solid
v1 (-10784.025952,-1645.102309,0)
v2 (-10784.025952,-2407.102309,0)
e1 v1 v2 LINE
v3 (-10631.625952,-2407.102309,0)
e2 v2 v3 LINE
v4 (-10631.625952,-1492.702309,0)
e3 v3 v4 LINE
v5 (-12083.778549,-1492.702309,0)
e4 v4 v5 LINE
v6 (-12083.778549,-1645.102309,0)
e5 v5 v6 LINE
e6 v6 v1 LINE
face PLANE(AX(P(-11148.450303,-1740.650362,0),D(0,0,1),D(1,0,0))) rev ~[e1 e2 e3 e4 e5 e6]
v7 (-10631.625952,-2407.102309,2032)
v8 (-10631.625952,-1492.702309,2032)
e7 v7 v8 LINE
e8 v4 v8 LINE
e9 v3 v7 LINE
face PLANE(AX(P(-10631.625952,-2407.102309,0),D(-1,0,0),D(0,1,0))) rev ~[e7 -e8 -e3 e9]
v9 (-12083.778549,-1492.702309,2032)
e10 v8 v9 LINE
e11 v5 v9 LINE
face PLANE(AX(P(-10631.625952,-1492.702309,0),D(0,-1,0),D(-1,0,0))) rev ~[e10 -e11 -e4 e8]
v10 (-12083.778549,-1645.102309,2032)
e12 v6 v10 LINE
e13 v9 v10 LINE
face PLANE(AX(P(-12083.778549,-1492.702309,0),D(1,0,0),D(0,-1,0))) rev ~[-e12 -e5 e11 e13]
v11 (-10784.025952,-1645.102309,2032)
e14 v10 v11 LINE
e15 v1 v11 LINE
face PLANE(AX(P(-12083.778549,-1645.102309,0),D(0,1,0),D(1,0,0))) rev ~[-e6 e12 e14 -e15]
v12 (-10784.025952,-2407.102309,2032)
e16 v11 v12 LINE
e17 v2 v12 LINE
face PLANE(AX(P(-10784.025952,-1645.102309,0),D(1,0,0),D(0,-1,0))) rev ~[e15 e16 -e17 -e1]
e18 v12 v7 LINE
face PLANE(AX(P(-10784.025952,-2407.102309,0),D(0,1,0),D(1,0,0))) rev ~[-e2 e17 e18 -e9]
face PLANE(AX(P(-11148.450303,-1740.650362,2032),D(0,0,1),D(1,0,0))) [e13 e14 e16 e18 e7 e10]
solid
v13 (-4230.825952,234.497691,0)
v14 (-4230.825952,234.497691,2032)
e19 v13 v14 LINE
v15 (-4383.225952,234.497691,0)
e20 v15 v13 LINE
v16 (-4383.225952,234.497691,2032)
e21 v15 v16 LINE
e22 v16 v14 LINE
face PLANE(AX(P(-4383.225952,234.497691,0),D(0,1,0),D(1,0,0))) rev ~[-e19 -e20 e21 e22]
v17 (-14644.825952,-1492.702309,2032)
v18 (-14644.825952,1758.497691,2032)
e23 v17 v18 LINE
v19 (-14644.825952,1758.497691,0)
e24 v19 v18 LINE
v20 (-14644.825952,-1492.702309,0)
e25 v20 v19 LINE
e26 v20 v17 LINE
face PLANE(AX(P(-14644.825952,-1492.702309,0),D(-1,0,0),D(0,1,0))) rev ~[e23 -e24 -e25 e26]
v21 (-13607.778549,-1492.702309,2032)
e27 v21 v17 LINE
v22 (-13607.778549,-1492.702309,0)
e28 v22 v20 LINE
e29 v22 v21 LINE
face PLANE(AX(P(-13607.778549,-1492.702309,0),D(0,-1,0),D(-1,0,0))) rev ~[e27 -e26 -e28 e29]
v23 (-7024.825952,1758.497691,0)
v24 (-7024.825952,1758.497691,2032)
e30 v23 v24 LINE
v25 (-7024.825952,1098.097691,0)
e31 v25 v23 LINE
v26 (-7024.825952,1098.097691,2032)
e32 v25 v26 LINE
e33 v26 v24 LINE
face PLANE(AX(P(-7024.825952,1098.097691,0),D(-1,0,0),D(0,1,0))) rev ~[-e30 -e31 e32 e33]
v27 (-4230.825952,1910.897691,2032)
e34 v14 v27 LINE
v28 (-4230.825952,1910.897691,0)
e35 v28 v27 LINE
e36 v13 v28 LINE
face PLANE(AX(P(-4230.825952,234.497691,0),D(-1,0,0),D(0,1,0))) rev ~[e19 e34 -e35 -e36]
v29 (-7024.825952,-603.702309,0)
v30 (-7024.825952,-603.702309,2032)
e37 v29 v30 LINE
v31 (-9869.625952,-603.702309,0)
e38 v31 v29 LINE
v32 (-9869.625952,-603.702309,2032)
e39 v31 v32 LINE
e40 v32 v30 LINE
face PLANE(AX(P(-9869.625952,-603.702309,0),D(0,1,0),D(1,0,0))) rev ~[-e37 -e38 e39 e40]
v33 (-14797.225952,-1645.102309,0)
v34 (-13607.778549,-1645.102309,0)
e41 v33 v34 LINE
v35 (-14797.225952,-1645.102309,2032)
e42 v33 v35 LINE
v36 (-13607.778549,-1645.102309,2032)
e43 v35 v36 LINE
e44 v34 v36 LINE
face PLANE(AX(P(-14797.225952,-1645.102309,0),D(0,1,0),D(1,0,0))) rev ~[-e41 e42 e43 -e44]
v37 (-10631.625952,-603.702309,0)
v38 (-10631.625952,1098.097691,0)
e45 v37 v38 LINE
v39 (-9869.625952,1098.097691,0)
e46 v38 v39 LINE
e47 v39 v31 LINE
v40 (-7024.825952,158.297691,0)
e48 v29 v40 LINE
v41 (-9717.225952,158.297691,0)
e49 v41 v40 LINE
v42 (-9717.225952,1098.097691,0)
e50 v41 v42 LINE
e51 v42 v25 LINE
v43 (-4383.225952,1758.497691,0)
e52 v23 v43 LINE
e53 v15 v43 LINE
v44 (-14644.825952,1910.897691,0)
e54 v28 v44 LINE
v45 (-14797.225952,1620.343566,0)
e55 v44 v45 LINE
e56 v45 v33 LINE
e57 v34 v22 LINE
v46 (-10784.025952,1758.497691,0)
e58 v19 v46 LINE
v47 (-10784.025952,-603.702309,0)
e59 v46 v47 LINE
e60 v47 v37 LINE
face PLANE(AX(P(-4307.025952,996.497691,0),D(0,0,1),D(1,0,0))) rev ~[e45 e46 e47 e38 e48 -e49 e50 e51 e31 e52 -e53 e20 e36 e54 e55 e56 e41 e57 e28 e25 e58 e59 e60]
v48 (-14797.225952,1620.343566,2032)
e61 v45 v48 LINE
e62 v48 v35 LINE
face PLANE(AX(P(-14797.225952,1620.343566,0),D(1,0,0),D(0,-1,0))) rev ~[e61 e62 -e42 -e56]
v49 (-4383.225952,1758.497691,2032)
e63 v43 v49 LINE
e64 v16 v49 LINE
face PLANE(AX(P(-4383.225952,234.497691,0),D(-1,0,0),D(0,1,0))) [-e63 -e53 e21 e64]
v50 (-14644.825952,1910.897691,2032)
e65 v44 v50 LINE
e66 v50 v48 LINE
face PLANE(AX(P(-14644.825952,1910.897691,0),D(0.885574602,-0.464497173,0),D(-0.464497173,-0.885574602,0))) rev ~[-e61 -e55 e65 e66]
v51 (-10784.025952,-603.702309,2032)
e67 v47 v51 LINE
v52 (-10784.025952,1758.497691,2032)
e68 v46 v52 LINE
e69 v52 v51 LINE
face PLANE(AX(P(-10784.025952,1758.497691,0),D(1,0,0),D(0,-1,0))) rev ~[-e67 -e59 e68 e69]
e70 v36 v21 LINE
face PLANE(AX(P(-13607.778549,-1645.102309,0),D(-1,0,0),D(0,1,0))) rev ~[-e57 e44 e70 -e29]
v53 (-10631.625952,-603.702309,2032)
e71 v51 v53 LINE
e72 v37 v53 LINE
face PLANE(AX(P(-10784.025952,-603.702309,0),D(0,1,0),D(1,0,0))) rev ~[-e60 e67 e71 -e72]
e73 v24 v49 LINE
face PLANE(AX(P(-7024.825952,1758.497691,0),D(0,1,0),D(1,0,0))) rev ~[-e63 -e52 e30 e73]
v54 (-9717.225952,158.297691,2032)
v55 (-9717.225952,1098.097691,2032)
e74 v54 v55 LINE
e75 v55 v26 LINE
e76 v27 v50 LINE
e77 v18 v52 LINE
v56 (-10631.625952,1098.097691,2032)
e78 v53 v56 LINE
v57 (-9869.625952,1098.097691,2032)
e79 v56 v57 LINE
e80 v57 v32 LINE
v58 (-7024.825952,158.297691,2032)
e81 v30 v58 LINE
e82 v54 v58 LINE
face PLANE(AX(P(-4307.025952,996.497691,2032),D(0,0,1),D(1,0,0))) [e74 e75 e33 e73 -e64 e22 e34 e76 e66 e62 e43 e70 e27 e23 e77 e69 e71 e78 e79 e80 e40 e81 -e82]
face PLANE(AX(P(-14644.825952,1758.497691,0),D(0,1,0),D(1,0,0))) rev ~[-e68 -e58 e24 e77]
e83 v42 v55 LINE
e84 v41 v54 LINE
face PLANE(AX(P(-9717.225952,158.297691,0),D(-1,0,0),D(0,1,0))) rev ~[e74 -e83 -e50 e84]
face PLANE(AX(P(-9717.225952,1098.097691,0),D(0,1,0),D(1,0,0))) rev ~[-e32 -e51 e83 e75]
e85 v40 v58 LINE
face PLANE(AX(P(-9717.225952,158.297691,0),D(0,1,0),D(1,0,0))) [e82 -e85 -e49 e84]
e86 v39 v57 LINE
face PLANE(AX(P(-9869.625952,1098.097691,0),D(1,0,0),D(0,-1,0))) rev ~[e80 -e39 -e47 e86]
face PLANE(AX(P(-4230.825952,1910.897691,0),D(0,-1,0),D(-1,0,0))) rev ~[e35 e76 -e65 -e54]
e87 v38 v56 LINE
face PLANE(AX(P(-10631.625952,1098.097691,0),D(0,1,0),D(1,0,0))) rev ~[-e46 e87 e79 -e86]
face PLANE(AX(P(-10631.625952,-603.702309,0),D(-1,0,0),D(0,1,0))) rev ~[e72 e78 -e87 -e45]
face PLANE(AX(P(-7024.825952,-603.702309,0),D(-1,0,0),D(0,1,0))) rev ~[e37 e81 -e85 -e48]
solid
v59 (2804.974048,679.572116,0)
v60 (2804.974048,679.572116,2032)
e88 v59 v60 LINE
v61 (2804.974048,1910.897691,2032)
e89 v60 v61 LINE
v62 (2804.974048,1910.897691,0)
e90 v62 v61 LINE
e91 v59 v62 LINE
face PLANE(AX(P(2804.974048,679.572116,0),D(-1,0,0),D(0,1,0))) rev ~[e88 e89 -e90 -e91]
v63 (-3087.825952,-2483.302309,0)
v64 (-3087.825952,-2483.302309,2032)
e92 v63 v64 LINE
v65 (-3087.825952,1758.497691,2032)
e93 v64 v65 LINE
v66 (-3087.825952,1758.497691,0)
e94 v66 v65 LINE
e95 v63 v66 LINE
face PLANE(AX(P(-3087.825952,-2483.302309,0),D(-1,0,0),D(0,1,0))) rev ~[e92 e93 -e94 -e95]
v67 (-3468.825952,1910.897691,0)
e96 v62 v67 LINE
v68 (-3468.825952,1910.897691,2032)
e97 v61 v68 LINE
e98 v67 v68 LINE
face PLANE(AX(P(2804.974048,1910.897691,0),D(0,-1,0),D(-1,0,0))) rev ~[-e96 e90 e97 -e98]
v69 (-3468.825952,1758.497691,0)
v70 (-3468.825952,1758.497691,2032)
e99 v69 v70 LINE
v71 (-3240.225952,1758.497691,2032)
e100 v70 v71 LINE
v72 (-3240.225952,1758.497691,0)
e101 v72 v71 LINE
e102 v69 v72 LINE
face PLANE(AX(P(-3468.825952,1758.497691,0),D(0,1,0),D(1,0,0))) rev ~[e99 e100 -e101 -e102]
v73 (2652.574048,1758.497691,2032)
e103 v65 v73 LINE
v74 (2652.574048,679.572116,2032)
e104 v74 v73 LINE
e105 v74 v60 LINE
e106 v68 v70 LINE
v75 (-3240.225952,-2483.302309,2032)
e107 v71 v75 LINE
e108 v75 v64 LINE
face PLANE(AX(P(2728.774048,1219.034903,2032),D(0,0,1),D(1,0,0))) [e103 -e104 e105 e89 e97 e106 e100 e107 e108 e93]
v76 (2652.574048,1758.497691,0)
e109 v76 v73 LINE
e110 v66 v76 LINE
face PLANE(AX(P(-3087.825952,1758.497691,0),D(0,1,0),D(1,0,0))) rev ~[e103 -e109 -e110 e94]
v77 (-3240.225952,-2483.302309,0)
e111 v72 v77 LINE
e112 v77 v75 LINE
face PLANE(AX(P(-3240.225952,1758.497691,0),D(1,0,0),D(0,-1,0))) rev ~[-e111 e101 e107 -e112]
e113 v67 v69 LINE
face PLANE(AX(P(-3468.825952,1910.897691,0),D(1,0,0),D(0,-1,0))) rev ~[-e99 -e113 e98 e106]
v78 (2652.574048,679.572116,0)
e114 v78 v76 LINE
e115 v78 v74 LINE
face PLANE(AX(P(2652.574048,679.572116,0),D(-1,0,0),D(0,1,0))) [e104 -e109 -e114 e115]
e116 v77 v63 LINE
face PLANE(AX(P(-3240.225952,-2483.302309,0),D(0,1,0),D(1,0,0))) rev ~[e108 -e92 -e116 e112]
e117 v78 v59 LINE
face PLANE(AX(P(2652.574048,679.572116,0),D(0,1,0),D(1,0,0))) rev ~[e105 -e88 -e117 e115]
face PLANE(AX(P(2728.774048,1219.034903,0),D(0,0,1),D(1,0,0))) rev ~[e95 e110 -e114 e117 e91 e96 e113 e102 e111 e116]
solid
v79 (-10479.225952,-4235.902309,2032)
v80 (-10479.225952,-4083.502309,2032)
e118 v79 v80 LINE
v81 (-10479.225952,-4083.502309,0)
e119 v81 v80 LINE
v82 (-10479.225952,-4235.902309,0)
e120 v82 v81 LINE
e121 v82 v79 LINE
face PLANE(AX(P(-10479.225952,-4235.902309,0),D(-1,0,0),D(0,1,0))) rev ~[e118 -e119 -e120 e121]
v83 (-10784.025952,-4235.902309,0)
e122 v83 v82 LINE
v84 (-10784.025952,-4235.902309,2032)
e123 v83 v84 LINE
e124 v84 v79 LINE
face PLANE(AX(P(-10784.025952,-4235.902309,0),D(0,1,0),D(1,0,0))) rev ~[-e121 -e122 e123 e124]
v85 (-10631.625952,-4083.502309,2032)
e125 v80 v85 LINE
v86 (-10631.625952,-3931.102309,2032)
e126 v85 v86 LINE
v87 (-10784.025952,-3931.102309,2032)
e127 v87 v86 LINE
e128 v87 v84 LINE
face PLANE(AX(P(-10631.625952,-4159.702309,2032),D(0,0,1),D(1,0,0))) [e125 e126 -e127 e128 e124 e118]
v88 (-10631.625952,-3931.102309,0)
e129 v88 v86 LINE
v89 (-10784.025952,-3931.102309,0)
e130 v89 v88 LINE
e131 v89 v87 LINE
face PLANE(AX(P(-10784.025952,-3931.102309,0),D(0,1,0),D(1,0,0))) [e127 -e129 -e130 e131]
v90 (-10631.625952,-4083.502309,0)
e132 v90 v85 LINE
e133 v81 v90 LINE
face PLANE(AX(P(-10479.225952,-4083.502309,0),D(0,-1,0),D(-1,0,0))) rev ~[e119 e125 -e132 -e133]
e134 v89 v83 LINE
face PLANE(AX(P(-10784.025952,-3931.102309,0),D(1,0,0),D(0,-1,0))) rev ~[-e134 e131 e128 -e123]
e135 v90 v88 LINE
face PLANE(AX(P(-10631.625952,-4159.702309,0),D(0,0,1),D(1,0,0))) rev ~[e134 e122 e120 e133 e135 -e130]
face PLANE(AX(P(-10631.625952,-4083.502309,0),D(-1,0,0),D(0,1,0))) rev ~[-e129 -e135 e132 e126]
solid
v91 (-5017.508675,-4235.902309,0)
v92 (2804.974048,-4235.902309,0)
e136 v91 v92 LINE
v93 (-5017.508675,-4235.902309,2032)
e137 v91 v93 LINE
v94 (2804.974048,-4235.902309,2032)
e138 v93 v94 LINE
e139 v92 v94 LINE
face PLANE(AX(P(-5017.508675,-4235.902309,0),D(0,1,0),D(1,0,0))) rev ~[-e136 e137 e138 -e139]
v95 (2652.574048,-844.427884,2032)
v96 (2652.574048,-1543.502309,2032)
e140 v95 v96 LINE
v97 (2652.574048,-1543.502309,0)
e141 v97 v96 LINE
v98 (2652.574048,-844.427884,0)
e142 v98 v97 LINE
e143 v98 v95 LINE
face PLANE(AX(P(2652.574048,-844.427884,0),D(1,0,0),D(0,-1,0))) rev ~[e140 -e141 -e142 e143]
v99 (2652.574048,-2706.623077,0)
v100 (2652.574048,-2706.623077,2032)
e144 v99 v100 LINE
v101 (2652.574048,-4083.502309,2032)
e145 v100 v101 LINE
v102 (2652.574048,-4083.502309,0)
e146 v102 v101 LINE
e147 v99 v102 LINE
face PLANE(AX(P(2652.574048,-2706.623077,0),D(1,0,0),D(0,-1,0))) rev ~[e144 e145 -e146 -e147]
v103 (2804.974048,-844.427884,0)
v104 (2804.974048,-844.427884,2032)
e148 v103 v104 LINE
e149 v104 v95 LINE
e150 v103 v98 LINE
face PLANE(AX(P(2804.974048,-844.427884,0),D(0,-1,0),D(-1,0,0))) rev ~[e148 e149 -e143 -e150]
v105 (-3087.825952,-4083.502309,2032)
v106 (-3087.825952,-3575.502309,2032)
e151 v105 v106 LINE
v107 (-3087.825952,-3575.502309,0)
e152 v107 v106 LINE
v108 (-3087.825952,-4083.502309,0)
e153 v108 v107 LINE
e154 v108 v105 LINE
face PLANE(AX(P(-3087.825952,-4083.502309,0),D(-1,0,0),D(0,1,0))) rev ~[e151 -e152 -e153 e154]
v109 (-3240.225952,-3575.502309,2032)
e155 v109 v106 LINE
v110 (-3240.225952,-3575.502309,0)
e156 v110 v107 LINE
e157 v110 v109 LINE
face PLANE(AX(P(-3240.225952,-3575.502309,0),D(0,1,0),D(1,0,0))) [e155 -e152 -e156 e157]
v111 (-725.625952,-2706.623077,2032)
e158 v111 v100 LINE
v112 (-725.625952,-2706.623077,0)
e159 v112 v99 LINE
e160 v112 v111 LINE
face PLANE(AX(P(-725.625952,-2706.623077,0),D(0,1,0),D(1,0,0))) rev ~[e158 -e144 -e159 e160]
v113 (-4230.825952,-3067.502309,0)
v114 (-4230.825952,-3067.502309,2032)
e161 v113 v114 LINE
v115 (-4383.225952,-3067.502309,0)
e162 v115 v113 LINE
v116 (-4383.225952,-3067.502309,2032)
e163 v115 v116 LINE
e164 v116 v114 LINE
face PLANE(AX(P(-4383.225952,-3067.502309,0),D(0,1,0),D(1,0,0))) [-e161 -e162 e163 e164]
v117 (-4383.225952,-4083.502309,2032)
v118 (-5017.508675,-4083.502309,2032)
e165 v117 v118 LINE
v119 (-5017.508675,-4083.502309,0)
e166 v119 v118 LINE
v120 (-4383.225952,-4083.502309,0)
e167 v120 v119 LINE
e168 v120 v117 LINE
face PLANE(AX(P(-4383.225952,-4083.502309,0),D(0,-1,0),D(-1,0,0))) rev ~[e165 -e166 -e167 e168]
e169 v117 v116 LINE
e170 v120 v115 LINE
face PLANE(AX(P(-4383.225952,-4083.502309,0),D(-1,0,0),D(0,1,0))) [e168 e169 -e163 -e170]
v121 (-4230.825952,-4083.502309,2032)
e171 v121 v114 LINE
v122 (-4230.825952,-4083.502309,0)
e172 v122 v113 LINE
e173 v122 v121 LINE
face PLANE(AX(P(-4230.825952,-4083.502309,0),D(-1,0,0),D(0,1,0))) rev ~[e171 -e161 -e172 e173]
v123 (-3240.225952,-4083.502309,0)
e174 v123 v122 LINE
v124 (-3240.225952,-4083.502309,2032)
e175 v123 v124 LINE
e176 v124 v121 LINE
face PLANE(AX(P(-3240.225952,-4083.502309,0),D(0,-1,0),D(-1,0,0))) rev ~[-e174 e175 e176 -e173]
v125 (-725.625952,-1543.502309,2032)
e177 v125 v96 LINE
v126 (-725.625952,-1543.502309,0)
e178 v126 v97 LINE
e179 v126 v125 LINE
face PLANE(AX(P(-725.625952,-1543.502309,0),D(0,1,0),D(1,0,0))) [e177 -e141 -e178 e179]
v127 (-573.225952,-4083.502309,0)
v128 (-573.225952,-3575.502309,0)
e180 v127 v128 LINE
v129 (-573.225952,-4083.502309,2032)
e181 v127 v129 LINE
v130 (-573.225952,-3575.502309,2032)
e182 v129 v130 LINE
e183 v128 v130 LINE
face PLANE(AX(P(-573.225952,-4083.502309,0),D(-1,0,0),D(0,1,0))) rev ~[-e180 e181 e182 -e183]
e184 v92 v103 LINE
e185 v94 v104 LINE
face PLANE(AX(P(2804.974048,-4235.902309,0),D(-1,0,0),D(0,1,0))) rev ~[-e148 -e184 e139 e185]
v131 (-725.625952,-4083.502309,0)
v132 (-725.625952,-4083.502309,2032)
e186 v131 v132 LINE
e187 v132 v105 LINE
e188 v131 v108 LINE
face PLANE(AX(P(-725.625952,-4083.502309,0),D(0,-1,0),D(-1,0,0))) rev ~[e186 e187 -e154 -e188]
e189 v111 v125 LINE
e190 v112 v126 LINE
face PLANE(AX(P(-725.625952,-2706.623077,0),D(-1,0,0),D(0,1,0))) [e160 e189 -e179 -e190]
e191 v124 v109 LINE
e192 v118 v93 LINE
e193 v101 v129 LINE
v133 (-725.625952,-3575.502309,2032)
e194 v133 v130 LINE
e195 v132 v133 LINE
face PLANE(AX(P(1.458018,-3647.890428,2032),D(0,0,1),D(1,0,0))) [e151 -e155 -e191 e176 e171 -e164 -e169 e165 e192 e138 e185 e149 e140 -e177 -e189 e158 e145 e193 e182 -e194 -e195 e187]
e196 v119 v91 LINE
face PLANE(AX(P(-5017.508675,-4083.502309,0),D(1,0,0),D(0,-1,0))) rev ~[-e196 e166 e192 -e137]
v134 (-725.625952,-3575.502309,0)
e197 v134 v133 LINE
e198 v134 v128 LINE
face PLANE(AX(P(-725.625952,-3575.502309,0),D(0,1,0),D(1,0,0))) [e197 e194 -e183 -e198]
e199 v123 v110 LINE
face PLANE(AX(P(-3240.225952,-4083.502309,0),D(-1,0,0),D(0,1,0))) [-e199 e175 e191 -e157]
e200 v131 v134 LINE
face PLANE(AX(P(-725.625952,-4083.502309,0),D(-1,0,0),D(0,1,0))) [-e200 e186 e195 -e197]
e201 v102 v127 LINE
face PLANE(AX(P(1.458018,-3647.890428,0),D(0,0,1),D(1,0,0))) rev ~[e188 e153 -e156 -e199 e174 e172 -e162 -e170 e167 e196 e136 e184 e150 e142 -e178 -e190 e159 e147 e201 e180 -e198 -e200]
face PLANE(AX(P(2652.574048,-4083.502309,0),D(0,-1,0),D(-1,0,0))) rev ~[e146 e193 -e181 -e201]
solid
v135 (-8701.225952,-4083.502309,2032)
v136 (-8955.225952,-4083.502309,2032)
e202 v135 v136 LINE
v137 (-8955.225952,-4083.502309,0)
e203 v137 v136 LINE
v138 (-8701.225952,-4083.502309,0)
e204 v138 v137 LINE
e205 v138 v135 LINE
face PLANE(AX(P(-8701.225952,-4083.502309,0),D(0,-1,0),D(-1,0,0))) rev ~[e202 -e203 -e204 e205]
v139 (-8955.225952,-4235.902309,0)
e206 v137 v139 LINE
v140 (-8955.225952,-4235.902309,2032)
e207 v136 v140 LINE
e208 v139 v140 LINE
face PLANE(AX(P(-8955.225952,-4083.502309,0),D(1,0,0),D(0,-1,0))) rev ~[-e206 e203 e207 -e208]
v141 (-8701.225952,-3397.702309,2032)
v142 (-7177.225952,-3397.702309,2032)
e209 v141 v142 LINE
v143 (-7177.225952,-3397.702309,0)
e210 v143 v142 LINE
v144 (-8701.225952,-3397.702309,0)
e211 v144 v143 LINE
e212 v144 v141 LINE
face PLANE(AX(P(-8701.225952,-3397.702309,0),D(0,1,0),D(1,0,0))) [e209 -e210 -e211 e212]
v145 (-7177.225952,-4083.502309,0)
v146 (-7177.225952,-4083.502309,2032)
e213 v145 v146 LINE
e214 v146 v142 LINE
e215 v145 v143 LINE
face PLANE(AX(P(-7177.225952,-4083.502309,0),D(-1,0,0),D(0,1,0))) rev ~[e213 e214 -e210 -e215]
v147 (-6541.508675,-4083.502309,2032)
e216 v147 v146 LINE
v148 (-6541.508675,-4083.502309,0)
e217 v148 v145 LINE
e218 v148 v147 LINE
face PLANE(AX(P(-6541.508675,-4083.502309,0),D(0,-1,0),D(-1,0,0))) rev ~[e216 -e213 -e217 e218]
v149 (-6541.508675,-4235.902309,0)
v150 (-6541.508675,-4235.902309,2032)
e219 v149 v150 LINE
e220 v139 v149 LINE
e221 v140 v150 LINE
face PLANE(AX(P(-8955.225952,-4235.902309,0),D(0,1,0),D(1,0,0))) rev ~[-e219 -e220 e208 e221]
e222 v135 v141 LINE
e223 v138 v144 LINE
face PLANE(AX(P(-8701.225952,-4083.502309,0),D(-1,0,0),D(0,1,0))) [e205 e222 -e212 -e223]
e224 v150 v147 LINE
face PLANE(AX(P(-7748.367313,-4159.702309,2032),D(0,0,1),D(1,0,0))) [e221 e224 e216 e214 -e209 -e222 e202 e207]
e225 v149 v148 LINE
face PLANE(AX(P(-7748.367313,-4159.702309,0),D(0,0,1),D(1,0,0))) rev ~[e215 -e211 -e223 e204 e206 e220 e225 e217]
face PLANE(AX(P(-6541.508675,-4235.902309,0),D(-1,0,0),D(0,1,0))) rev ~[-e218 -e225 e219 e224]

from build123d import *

# Parameters (mm, degrees)
F0_W     = 152.4
F0_H     = 1524
F0_W_2   = 2692.4
F0_H_2   = 660.4
F0_H_3   = 939.8
F0_H_4   = 762
F0_H_5   = 1701.8
F2_DEPTH = 2032
F0_W_3   = 3378.2
F0_H_6   = 1163.1207679749
F0_H_7   = 508
F0_H_8   = 1016
F0_H_9   = 1078.9255742073
F0_W_4   = 1524
F0_H_10  = 685.8
F0_H_11  = 152.4


with BuildPart() as f2:
    # F0 (on Top) → F2 (new body)
    with BuildSketch(Plane.XY):
        with Locations((-4307.0259521484, 996.4976905823)):
            Rectangle(F0_W, F0_H)
        Polygon((-4383.2259521484, 1758.4976905823), (-4230.8259521484, 1758.4976905823), (-4230.8259521484, 1910.8976905823), (-14644.8259521484, 1910.8976905823), (-14644.8259521484, 1758.4976905823), (-10784.0259521484, 1758.4976905823), (-10631.6259521484, 1758.4976905823), (-9869.6259521484, 1758.4976905823), (-9717.2259521484, 1758.4976905823), (-7024.8259521484, 1758.4976905823), align=None)
        with Locations((-8371.0259521484, 1428.2976905823)):
            Rectangle(F0_W_2, F0_H_2)
        Polygon((-14644.8259521484, 1758.4976905823), (-14644.8259521484, 1910.8976905823), (-14797.2259521484, 1620.3435659409), (-14797.2259521484, -1645.1023094177), (-13607.7785491943, -1645.1023094177), (-13607.7785491943, -1492.7023094177), (-14644.8259521484, -1492.7023094177), align=None)
        with Locations((-9793.4259521484, 1428.2976905823)):
            Rectangle(F0_W, F0_H_2)
        with Locations((-9793.4259521484, 628.1976905823)):
            Rectangle(F0_W, F0_H_3)
        Polygon((-9869.6259521484, 1098.0976905823), (-9869.6259521484, 1758.4976905823), (-10631.6259521484, 1758.4976905823), (-10784.0259521484, 1758.4976905823), (-10784.0259521484, 1098.0976905823), (-10631.6259521484, 1098.0976905823), align=None)
        with Locations((-9793.4259521484, -222.7023094177)):
            Rectangle(F0_W, F0_H_4)
        with Locations((-8371.0259521484, -222.7023094177)):
            Rectangle(F0_W_2, F0_H_4)
        with Locations((-10707.8259521484, 247.1976905823)):
            Rectangle(F0_W, F0_H_5)
    extrude(amount=F2_DEPTH)


with BuildPart() as f2b:
    # F0 (on Top) → F2, piece 2 (new body)
    with BuildSketch(Plane.XY):
        Polygon((2804.9740478516, -844.427883625), (2652.5740478516, -844.427883625), (2652.5740478516, -1543.5023094177), (2652.5740478516, -2706.6230773926), (2652.5740478516, -4083.5023094177), (-573.2259521484, -4083.5023094177), (-725.6259521484, -4083.5023094177), (-3087.8259521484, -4083.5023094177), (-3240.2259521484, -4083.5023094177), (-4230.8259521484, -4083.5023094177), (-4383.2259521484, -4083.5023094177), (-5017.5086746216, -4083.5023094177), (-5017.5086746216, -4235.9023094177), (2804.9740478516, -4235.9023094177), align=None)
        with Locations((963.4740478516, -2125.0626934051)):
            Rectangle(F0_W_3, F0_H_6)
        with Locations((-649.4259521484, -3829.5023094177)):
            Rectangle(F0_W, F0_H_7)
        with Locations((-4307.0259521484, -3575.5023094177)):
            Rectangle(F0_W, F0_H_8)
        with Locations((-3164.0259521484, -3829.5023094177)):
            Rectangle(F0_W, F0_H_7)
    extrude(amount=F2_DEPTH)


with BuildPart() as f2c:
    # F0 (on Top) → F2, piece 3 (new body)
    with BuildSketch(Plane.XY):
        with Locations((2728.7740478516, 1219.0349034786)):
            Rectangle(F0_W, F0_H_9)
        Polygon((-3087.8259521484, 1758.4976905823), (2652.5740478516, 1758.4976905823), (2804.9740478516, 1758.4976905823), (2804.9740478516, 1910.8976905823), (-3468.8259521484, 1910.8976905823), (-3468.8259521484, 1758.4976905823), (-3240.2259521484, 1758.4976905823), align=None)
        Polygon((-3087.8259521484, -1543.5023094177), (-3087.8259521484, 1758.4976905823), (-3240.2259521484, 1758.4976905823), (-3240.2259521484, -2483.3023094177), (-3087.8259521484, -2483.3023094177), align=None)
    extrude(amount=F2_DEPTH)


with BuildPart() as f2d:
    # F0 (on Top) → F2, piece 4 (new body)
    with BuildSketch(Plane.XY):
        Polygon((-6541.5086746216, -4235.9023094177), (-6541.5086746216, -4083.5023094177), (-7177.2259521484, -4083.5023094177), (-8701.2259521484, -4083.5023094177), (-8955.2259521484, -4083.5023094177), (-8955.2259521484, -4235.9023094177), align=None)
        with Locations((-7939.2259521484, -3740.6023094177)):
            Rectangle(F0_W_4, F0_H_10)
    extrude(amount=F2_DEPTH)


with BuildPart() as f2e:
    # F0 (on Top) → F2, piece 5 (new body)
    with BuildSketch(Plane.XY):
        Polygon((-10631.6259521484, -1645.1023094177), (-10631.6259521484, -1492.7023094177), (-12083.7785491943, -1492.7023094177), (-12083.7785491943, -1645.1023094177), (-10784.0259521484, -1645.1023094177), (-10784.0259521484, -2407.1023094177), (-10631.6259521484, -2407.1023094177), align=None)
    extrude(amount=F2_DEPTH)


with BuildPart() as f2f:
    # F0 (on Top) → F2, piece 6 (new body)
    with BuildSketch(Plane.XY):
        Polygon((-10479.2259521484, -4083.5023094177), (-10631.6259521484, -4083.5023094177), (-10784.0259521484, -4083.5023094177), (-10784.0259521484, -4235.9023094177), (-10479.2259521484, -4235.9023094177), align=None)
        with Locations((-10707.8259521484, -4007.3023094177)):
            Rectangle(F0_W, F0_H_11)
    extrude(amount=F2_DEPTH)


solid = Compound([f2.part, f2b.part, f2c.part, f2d.part, f2e.part, f2f.part])
